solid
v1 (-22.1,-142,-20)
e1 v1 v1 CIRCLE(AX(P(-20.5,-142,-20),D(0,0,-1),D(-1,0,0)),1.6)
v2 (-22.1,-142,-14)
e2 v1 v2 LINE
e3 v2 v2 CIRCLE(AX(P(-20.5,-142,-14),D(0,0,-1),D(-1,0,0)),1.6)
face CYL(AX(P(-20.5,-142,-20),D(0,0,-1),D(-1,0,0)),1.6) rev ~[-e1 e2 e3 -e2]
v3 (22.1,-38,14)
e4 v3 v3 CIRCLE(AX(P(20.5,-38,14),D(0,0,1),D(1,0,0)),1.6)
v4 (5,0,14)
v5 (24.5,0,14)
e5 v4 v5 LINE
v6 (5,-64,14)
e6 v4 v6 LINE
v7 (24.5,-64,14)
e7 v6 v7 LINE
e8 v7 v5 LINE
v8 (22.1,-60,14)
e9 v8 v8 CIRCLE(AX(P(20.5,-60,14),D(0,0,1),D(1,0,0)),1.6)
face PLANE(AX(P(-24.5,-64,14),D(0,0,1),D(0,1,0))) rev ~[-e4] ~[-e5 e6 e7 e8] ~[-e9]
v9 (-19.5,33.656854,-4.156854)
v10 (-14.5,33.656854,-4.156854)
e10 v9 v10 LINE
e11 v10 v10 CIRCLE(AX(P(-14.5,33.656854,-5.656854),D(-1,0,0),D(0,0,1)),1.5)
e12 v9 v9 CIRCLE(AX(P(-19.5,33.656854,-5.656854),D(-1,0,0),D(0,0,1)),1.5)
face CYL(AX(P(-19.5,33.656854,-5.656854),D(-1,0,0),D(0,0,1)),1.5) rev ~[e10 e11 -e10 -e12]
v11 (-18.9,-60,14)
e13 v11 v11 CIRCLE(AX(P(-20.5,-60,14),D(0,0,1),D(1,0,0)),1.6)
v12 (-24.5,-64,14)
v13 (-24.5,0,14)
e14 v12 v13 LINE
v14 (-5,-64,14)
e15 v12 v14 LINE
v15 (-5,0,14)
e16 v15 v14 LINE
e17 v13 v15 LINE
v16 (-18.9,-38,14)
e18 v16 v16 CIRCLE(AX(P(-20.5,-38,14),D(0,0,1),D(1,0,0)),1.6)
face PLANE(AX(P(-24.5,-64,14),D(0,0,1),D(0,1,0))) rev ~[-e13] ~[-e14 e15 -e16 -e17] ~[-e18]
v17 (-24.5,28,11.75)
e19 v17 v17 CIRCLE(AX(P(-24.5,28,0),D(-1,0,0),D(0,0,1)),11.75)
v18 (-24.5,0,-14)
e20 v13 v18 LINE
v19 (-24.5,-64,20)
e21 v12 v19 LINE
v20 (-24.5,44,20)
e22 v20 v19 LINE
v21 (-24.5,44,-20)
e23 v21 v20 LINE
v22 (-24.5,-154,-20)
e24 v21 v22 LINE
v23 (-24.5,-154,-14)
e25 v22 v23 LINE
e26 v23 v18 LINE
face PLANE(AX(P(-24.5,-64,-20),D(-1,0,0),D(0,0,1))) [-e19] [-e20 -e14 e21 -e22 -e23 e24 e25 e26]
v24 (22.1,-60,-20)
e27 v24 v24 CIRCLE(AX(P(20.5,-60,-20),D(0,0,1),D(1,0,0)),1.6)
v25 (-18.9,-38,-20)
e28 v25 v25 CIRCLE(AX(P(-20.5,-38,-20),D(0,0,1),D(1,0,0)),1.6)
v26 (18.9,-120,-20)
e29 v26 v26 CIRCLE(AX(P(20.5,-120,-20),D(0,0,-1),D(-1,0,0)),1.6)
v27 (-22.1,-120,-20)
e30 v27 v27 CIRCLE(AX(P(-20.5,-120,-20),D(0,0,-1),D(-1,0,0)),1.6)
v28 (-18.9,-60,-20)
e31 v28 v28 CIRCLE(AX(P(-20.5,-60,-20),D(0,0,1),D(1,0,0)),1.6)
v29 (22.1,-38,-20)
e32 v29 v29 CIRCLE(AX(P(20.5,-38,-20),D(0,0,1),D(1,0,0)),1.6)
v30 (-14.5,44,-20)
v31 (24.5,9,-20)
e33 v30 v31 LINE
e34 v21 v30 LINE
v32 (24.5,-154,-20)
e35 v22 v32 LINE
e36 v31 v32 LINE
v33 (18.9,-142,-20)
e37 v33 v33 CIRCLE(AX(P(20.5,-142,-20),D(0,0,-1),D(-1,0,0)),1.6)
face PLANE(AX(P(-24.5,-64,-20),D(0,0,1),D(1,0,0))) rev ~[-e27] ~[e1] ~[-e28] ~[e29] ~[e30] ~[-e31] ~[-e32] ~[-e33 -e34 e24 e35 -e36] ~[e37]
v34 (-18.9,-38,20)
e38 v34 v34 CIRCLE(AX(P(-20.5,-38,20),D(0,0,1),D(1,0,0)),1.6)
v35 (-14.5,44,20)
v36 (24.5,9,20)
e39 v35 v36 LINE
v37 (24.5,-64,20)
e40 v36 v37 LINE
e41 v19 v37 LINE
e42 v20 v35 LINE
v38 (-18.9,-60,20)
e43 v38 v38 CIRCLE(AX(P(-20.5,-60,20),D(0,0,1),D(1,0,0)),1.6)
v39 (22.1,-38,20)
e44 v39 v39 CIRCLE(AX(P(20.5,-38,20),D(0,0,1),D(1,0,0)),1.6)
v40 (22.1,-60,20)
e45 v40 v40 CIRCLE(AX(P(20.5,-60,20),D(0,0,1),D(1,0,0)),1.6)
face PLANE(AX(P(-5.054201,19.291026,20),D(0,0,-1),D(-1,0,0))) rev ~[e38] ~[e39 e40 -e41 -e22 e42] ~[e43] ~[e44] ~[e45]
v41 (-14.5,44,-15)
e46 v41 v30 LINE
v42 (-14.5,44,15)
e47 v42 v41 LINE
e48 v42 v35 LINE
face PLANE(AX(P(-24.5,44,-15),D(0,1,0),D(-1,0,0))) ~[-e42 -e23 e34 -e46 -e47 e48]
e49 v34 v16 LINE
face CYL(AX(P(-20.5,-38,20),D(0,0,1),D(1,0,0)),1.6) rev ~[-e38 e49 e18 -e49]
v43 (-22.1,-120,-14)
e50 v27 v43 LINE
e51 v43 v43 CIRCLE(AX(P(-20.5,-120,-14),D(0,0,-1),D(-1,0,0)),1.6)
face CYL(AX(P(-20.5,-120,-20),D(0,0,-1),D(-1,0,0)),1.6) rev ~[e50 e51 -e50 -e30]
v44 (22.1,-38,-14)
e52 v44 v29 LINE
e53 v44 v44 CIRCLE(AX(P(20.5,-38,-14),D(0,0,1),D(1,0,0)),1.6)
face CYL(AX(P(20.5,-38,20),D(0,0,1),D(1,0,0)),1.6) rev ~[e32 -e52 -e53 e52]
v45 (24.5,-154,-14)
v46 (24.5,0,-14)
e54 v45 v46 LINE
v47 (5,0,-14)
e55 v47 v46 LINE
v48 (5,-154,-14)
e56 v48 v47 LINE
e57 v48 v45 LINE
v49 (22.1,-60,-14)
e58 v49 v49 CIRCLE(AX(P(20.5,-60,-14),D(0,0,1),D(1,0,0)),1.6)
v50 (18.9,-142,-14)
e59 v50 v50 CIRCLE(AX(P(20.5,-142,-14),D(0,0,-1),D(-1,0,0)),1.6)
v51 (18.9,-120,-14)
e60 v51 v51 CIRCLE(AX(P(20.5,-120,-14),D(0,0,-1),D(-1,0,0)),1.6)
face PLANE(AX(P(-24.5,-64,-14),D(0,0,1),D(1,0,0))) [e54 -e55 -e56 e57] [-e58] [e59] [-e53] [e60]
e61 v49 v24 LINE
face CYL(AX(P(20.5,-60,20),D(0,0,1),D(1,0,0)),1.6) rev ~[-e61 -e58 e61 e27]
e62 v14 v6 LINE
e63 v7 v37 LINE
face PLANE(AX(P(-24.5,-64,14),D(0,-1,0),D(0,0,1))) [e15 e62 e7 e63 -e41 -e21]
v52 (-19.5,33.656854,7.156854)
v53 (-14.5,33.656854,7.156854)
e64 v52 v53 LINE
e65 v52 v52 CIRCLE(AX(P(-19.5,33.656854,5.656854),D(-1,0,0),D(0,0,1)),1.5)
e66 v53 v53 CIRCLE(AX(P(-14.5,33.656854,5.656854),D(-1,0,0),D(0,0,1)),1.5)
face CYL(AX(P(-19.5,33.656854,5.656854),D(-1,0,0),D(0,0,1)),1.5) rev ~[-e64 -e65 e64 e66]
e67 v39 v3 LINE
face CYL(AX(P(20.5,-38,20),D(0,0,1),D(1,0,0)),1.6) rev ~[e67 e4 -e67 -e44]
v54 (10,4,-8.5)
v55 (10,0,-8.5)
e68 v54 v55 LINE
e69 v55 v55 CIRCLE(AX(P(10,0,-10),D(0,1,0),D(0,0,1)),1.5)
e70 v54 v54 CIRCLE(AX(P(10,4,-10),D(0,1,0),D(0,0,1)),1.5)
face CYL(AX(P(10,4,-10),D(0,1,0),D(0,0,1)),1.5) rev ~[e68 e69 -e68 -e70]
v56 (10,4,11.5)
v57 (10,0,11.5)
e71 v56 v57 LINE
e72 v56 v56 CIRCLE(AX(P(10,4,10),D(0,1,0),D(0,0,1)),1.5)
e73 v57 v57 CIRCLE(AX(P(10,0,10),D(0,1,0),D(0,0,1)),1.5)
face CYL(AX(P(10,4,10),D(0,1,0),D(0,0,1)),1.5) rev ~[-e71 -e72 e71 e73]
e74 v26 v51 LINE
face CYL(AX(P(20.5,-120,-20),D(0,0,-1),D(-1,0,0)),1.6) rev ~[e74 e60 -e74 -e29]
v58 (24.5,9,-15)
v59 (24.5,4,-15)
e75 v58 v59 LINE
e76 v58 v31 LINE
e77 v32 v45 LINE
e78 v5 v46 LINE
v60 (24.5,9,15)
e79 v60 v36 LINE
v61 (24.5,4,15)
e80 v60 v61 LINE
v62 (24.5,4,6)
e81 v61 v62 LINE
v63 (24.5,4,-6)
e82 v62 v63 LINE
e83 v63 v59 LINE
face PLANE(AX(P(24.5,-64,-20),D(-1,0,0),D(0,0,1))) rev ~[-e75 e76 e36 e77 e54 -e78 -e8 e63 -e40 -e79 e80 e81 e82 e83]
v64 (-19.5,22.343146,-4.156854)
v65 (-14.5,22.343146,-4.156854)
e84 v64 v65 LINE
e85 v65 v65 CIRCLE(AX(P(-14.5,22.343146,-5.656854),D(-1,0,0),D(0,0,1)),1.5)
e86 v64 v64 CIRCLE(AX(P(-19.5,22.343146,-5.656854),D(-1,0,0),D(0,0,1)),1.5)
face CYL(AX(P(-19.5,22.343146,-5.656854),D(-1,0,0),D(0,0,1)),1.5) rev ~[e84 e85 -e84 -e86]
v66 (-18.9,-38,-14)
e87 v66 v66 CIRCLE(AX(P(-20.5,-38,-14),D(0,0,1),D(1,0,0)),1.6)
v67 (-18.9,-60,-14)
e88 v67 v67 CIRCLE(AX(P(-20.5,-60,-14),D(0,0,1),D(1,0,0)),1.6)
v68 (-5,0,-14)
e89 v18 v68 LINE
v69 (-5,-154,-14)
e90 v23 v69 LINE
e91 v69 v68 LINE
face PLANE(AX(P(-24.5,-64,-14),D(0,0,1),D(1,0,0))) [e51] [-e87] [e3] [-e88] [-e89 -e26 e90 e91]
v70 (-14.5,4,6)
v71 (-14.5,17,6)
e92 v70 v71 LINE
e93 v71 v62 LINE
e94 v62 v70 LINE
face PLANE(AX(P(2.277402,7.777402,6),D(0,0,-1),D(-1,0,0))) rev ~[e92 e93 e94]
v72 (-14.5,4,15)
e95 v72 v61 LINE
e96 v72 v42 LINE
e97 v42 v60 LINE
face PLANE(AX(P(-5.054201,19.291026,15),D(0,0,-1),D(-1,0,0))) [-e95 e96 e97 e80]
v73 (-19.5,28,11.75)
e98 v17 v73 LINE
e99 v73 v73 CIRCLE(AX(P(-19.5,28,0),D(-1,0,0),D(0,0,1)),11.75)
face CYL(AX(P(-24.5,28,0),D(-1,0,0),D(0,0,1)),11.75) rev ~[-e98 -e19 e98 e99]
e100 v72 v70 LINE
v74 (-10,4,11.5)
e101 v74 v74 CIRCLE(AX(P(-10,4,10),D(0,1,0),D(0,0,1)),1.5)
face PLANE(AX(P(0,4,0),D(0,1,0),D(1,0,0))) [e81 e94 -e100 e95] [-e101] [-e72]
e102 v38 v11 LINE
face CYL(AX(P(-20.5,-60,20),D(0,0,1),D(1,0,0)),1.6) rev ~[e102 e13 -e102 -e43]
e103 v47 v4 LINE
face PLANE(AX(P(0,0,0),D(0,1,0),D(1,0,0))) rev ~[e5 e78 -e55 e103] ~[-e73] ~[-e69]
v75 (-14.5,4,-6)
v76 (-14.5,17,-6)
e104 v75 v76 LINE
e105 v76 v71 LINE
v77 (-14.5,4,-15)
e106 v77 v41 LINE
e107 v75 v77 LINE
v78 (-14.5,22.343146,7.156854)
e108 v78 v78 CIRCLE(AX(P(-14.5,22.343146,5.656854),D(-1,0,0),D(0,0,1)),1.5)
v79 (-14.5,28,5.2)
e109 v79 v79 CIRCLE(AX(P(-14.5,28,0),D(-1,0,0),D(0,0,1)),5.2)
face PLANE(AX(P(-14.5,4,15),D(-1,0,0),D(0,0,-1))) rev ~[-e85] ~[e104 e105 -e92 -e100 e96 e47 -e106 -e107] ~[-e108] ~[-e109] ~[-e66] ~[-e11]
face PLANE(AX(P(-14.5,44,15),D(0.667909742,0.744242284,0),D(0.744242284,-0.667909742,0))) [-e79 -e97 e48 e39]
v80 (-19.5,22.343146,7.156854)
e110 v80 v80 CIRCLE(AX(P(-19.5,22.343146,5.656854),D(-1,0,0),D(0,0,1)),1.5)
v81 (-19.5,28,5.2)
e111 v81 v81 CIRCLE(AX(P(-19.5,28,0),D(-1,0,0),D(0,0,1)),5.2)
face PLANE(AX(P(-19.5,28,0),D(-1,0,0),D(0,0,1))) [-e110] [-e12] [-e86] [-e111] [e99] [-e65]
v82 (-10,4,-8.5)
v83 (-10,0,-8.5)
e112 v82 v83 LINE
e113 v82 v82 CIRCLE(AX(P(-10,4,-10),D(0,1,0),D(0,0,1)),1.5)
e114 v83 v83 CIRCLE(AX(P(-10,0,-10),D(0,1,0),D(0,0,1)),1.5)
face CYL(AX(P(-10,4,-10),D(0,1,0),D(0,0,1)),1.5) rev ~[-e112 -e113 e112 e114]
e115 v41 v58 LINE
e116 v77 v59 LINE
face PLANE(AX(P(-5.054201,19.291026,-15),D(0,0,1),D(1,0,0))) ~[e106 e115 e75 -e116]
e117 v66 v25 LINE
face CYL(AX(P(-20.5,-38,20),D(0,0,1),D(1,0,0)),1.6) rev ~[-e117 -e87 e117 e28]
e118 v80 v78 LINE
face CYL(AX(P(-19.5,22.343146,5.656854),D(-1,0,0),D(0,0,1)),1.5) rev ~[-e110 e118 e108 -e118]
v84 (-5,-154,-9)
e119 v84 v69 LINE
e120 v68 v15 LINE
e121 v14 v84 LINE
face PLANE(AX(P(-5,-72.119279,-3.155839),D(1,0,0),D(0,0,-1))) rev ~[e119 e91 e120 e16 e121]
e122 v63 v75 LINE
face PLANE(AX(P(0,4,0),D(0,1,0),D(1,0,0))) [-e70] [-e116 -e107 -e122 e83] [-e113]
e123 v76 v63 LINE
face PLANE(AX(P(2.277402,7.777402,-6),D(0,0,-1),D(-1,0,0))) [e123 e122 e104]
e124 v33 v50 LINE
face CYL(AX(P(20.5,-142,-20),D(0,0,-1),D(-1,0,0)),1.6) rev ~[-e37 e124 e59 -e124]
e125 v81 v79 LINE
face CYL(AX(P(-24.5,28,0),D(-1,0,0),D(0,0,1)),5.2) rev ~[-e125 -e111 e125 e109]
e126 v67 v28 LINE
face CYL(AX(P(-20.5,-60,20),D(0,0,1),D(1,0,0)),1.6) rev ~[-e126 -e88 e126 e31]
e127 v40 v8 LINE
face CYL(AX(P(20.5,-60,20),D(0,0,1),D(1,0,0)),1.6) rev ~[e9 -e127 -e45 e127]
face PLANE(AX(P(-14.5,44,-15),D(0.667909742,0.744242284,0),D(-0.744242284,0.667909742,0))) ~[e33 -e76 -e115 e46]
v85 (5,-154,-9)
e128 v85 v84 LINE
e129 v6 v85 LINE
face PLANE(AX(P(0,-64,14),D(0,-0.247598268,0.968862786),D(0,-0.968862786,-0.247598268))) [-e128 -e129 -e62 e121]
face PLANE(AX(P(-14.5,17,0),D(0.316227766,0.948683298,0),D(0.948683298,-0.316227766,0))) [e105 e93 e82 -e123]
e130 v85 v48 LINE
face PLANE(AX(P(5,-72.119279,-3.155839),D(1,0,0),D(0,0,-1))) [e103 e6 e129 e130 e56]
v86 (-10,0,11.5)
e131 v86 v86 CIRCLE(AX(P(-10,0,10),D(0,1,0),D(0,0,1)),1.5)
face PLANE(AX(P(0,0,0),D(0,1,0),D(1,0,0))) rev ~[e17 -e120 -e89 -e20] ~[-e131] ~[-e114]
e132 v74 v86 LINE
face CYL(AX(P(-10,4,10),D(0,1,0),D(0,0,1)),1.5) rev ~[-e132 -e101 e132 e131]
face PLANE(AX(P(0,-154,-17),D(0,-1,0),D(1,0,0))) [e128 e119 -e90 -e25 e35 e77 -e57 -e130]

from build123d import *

# Parameters (mm, degrees)
SKETCH_1_W          = 49
SKETCH_1_H          = 40
EXTRUDE_1_DEPTH     = 4
SKETCH_2_R          = 1.5
CUT_EXTRUDE_1_DEPTH = 32.878676259
SKETCH_3_W          = 10
SKETCH_3_H          = 30
EXTRUDE_3_DEPTH     = 40
SKETCH_4_R          = 5.2
CUT_EXTRUDE_2_DEPTH = 69.82586723
SKETCH_5_R          = 11.75
CUT_EXTRUDE_3_DEPTH = 5
SKETCH_6_R          = 1.5
CUT_EXTRUDE_4_DEPTH = 66.360538553
EXTRUDE_4_DEPTH     = 6
SKETCH_8_W          = 6
SKETCH_8_H          = 64
EXTRUDE_5_DEPTH     = 49
SKETCH_9_R          = 1.6
CUT_EXTRUDE_5_DEPTH = 80.348913036
EXTRUDE_6_DEPTH     = 5
SKETCH_12_W         = 49
SKETCH_12_H         = 6
EXTRUDE_7_DEPTH     = 90
SKETCH_13_R         = 1.6
CUT_EXTRUDE_6_DEPTH = 161.985247771
EXTRUDE_8_DEPTH     = 5


with BuildPart() as part:
    # 草图1 → 凸台-拉伸1 (new body)
    with BuildSketch(Plane(origin=(0, 0, 0), x_dir=(1, 0, 0), z_dir=(0, 1, 0))):
        Rectangle(SKETCH_1_W, SKETCH_1_H)
    extrude(amount=EXTRUDE_1_DEPTH)

    # 草图2 → 切除-拉伸1 (cut, through all)
    with BuildSketch(Plane(origin=(0, 4, 0), x_dir=(1, 0, 0), z_dir=(0, 1, 0))):
        with Locations(Location((-10, 10, 0), (0, 0, 270))):
            Circle(SKETCH_2_R)
        with Locations(Location((10, 10, 0), (0, 0, 270))):
            Circle(SKETCH_2_R)
        with Locations(Location((10, -10, 0), (0, 0, 270))):
            Circle(SKETCH_2_R)
        with Locations(Location((-10, -10, 0), (0, 0, 270))):
            Circle(SKETCH_2_R)
    extrude(amount=-CUT_EXTRUDE_1_DEPTH, mode=Mode.SUBTRACT)

    # 草图3 → 凸台-拉伸3 (add)
    with BuildSketch(Plane(origin=(0, 4, 0), x_dir=(1, 0, 0), z_dir=(0, 1, 0))):
        with Locations((-19.5, 0)):
            Rectangle(SKETCH_3_W, SKETCH_3_H)
    extrude(amount=EXTRUDE_3_DEPTH)

    # 草图4 → 切除-拉伸2 (cut, through all)
    with BuildSketch(Plane.ZY.offset(24.5)):
        with Locations((0, 28)):
            Circle(SKETCH_4_R)
    extrude(amount=-CUT_EXTRUDE_2_DEPTH, mode=Mode.SUBTRACT)

    # 草图5 → 切除-拉伸3 (cut)
    with BuildSketch(Plane.ZY.offset(24.5)):
        with Locations((0, 28)):
            Circle(SKETCH_5_R)
    extrude(amount=-CUT_EXTRUDE_3_DEPTH, mode=Mode.SUBTRACT)

    # 草图6 → 切除-拉伸4 (cut, through all)
    with BuildSketch(Plane.ZY.offset(19.5)):
        with Locations((-5.656854249, 33.656854249)):
            Circle(SKETCH_6_R)
        with Locations((5.656854249, 33.656854249)):
            Circle(SKETCH_6_R)
        with Locations((5.656854249, 22.343145751)):
            Circle(SKETCH_6_R)
        with Locations((-5.656854249, 22.343145751)):
            Circle(SKETCH_6_R)
    extrude(amount=-CUT_EXTRUDE_4_DEPTH, mode=Mode.SUBTRACT)

    # 草图7 → 凸台-拉伸4 (add, symmetric)
    with BuildSketch(Plane(origin=(0, 0, 0), x_dir=(-1, 0, 0), z_dir=(0, 0, -1))):
        Polygon((14.5, 17), (-24.5, 4), (14.5, 4), align=None)
    extrude(amount=EXTRUDE_4_DEPTH, both=True)

    # 草图8 → 凸台-拉伸5 (add)
    with BuildSketch(Plane.ZY.offset(24.5)):
        with Locations((17, -32)):
            Rectangle(SKETCH_8_W, SKETCH_8_H)
        with Locations((-17, -32)):
            Rectangle(SKETCH_8_W, SKETCH_8_H)
    extrude(amount=-EXTRUDE_5_DEPTH)

    # 草图9 → 切除-拉伸5 (cut, through all)
    with BuildSketch(Plane.XY.offset(20)):
        with Locations((20.5, -60)):
            Circle(SKETCH_9_R)
        with Locations((-20.5, -60)):
            Circle(SKETCH_9_R)
        with Locations((20.5, -38)):
            Circle(SKETCH_9_R)
        with Locations((-20.5, -38)):
            Circle(SKETCH_9_R)
    extrude(amount=-CUT_EXTRUDE_5_DEPTH, mode=Mode.SUBTRACT)

    # 草图11 → 凸台-拉伸6 (add)
    with BuildSketch(Plane.XY.offset(15)):
        Polygon((-14.5, 44), (24.5, 9), (24.5, 4), (-14.5, 4), (-24.5, 4), (-24.5, 44), align=None)
    extrude_6 = extrude(amount=EXTRUDE_6_DEPTH)

    # 镜向2: 凸台-拉伸6 across plane
    add(extrude_6.mirror(Plane(origin=(0, 0, 0), x_dir=(1, 0, 0), z_dir=(0, 0, -1))))

    # 草图12 → 凸台-拉伸7 (add)
    with BuildSketch(Plane.XZ.offset(64)):
        with Locations((0, -17)):
            Rectangle(SKETCH_12_W, SKETCH_12_H)
    extrude(amount=EXTRUDE_7_DEPTH)

    # 草图13 → 切除-拉伸6 (cut, through all)
    with BuildSketch(Plane(origin=(0, 0, -20), x_dir=(-1, 0, 0), z_dir=(0, 0, -1))):
        with Locations((-20.5, -120)):
            Circle(SKETCH_13_R)
        with Locations((-20.5, -142)):
            Circle(SKETCH_13_R)
        with Locations((20.5, -120)):
            Circle(SKETCH_13_R)
        with Locations((20.5, -142)):
            Circle(SKETCH_13_R)
    extrude(amount=-CUT_EXTRUDE_6_DEPTH, mode=Mode.SUBTRACT)

    # 草图14 → 凸台-拉伸8 (add, symmetric)
    with BuildSketch(Plane(origin=(0, 0, 0), x_dir=(0, 0, -1), z_dir=(1, 0, 0))):
        Polygon((14, 0), (-14, 0), (-14, -64), (9, -154), (14, -154), (14, -64), align=None)
    extrude(amount=EXTRUDE_8_DEPTH, both=True)


solid = part.part
